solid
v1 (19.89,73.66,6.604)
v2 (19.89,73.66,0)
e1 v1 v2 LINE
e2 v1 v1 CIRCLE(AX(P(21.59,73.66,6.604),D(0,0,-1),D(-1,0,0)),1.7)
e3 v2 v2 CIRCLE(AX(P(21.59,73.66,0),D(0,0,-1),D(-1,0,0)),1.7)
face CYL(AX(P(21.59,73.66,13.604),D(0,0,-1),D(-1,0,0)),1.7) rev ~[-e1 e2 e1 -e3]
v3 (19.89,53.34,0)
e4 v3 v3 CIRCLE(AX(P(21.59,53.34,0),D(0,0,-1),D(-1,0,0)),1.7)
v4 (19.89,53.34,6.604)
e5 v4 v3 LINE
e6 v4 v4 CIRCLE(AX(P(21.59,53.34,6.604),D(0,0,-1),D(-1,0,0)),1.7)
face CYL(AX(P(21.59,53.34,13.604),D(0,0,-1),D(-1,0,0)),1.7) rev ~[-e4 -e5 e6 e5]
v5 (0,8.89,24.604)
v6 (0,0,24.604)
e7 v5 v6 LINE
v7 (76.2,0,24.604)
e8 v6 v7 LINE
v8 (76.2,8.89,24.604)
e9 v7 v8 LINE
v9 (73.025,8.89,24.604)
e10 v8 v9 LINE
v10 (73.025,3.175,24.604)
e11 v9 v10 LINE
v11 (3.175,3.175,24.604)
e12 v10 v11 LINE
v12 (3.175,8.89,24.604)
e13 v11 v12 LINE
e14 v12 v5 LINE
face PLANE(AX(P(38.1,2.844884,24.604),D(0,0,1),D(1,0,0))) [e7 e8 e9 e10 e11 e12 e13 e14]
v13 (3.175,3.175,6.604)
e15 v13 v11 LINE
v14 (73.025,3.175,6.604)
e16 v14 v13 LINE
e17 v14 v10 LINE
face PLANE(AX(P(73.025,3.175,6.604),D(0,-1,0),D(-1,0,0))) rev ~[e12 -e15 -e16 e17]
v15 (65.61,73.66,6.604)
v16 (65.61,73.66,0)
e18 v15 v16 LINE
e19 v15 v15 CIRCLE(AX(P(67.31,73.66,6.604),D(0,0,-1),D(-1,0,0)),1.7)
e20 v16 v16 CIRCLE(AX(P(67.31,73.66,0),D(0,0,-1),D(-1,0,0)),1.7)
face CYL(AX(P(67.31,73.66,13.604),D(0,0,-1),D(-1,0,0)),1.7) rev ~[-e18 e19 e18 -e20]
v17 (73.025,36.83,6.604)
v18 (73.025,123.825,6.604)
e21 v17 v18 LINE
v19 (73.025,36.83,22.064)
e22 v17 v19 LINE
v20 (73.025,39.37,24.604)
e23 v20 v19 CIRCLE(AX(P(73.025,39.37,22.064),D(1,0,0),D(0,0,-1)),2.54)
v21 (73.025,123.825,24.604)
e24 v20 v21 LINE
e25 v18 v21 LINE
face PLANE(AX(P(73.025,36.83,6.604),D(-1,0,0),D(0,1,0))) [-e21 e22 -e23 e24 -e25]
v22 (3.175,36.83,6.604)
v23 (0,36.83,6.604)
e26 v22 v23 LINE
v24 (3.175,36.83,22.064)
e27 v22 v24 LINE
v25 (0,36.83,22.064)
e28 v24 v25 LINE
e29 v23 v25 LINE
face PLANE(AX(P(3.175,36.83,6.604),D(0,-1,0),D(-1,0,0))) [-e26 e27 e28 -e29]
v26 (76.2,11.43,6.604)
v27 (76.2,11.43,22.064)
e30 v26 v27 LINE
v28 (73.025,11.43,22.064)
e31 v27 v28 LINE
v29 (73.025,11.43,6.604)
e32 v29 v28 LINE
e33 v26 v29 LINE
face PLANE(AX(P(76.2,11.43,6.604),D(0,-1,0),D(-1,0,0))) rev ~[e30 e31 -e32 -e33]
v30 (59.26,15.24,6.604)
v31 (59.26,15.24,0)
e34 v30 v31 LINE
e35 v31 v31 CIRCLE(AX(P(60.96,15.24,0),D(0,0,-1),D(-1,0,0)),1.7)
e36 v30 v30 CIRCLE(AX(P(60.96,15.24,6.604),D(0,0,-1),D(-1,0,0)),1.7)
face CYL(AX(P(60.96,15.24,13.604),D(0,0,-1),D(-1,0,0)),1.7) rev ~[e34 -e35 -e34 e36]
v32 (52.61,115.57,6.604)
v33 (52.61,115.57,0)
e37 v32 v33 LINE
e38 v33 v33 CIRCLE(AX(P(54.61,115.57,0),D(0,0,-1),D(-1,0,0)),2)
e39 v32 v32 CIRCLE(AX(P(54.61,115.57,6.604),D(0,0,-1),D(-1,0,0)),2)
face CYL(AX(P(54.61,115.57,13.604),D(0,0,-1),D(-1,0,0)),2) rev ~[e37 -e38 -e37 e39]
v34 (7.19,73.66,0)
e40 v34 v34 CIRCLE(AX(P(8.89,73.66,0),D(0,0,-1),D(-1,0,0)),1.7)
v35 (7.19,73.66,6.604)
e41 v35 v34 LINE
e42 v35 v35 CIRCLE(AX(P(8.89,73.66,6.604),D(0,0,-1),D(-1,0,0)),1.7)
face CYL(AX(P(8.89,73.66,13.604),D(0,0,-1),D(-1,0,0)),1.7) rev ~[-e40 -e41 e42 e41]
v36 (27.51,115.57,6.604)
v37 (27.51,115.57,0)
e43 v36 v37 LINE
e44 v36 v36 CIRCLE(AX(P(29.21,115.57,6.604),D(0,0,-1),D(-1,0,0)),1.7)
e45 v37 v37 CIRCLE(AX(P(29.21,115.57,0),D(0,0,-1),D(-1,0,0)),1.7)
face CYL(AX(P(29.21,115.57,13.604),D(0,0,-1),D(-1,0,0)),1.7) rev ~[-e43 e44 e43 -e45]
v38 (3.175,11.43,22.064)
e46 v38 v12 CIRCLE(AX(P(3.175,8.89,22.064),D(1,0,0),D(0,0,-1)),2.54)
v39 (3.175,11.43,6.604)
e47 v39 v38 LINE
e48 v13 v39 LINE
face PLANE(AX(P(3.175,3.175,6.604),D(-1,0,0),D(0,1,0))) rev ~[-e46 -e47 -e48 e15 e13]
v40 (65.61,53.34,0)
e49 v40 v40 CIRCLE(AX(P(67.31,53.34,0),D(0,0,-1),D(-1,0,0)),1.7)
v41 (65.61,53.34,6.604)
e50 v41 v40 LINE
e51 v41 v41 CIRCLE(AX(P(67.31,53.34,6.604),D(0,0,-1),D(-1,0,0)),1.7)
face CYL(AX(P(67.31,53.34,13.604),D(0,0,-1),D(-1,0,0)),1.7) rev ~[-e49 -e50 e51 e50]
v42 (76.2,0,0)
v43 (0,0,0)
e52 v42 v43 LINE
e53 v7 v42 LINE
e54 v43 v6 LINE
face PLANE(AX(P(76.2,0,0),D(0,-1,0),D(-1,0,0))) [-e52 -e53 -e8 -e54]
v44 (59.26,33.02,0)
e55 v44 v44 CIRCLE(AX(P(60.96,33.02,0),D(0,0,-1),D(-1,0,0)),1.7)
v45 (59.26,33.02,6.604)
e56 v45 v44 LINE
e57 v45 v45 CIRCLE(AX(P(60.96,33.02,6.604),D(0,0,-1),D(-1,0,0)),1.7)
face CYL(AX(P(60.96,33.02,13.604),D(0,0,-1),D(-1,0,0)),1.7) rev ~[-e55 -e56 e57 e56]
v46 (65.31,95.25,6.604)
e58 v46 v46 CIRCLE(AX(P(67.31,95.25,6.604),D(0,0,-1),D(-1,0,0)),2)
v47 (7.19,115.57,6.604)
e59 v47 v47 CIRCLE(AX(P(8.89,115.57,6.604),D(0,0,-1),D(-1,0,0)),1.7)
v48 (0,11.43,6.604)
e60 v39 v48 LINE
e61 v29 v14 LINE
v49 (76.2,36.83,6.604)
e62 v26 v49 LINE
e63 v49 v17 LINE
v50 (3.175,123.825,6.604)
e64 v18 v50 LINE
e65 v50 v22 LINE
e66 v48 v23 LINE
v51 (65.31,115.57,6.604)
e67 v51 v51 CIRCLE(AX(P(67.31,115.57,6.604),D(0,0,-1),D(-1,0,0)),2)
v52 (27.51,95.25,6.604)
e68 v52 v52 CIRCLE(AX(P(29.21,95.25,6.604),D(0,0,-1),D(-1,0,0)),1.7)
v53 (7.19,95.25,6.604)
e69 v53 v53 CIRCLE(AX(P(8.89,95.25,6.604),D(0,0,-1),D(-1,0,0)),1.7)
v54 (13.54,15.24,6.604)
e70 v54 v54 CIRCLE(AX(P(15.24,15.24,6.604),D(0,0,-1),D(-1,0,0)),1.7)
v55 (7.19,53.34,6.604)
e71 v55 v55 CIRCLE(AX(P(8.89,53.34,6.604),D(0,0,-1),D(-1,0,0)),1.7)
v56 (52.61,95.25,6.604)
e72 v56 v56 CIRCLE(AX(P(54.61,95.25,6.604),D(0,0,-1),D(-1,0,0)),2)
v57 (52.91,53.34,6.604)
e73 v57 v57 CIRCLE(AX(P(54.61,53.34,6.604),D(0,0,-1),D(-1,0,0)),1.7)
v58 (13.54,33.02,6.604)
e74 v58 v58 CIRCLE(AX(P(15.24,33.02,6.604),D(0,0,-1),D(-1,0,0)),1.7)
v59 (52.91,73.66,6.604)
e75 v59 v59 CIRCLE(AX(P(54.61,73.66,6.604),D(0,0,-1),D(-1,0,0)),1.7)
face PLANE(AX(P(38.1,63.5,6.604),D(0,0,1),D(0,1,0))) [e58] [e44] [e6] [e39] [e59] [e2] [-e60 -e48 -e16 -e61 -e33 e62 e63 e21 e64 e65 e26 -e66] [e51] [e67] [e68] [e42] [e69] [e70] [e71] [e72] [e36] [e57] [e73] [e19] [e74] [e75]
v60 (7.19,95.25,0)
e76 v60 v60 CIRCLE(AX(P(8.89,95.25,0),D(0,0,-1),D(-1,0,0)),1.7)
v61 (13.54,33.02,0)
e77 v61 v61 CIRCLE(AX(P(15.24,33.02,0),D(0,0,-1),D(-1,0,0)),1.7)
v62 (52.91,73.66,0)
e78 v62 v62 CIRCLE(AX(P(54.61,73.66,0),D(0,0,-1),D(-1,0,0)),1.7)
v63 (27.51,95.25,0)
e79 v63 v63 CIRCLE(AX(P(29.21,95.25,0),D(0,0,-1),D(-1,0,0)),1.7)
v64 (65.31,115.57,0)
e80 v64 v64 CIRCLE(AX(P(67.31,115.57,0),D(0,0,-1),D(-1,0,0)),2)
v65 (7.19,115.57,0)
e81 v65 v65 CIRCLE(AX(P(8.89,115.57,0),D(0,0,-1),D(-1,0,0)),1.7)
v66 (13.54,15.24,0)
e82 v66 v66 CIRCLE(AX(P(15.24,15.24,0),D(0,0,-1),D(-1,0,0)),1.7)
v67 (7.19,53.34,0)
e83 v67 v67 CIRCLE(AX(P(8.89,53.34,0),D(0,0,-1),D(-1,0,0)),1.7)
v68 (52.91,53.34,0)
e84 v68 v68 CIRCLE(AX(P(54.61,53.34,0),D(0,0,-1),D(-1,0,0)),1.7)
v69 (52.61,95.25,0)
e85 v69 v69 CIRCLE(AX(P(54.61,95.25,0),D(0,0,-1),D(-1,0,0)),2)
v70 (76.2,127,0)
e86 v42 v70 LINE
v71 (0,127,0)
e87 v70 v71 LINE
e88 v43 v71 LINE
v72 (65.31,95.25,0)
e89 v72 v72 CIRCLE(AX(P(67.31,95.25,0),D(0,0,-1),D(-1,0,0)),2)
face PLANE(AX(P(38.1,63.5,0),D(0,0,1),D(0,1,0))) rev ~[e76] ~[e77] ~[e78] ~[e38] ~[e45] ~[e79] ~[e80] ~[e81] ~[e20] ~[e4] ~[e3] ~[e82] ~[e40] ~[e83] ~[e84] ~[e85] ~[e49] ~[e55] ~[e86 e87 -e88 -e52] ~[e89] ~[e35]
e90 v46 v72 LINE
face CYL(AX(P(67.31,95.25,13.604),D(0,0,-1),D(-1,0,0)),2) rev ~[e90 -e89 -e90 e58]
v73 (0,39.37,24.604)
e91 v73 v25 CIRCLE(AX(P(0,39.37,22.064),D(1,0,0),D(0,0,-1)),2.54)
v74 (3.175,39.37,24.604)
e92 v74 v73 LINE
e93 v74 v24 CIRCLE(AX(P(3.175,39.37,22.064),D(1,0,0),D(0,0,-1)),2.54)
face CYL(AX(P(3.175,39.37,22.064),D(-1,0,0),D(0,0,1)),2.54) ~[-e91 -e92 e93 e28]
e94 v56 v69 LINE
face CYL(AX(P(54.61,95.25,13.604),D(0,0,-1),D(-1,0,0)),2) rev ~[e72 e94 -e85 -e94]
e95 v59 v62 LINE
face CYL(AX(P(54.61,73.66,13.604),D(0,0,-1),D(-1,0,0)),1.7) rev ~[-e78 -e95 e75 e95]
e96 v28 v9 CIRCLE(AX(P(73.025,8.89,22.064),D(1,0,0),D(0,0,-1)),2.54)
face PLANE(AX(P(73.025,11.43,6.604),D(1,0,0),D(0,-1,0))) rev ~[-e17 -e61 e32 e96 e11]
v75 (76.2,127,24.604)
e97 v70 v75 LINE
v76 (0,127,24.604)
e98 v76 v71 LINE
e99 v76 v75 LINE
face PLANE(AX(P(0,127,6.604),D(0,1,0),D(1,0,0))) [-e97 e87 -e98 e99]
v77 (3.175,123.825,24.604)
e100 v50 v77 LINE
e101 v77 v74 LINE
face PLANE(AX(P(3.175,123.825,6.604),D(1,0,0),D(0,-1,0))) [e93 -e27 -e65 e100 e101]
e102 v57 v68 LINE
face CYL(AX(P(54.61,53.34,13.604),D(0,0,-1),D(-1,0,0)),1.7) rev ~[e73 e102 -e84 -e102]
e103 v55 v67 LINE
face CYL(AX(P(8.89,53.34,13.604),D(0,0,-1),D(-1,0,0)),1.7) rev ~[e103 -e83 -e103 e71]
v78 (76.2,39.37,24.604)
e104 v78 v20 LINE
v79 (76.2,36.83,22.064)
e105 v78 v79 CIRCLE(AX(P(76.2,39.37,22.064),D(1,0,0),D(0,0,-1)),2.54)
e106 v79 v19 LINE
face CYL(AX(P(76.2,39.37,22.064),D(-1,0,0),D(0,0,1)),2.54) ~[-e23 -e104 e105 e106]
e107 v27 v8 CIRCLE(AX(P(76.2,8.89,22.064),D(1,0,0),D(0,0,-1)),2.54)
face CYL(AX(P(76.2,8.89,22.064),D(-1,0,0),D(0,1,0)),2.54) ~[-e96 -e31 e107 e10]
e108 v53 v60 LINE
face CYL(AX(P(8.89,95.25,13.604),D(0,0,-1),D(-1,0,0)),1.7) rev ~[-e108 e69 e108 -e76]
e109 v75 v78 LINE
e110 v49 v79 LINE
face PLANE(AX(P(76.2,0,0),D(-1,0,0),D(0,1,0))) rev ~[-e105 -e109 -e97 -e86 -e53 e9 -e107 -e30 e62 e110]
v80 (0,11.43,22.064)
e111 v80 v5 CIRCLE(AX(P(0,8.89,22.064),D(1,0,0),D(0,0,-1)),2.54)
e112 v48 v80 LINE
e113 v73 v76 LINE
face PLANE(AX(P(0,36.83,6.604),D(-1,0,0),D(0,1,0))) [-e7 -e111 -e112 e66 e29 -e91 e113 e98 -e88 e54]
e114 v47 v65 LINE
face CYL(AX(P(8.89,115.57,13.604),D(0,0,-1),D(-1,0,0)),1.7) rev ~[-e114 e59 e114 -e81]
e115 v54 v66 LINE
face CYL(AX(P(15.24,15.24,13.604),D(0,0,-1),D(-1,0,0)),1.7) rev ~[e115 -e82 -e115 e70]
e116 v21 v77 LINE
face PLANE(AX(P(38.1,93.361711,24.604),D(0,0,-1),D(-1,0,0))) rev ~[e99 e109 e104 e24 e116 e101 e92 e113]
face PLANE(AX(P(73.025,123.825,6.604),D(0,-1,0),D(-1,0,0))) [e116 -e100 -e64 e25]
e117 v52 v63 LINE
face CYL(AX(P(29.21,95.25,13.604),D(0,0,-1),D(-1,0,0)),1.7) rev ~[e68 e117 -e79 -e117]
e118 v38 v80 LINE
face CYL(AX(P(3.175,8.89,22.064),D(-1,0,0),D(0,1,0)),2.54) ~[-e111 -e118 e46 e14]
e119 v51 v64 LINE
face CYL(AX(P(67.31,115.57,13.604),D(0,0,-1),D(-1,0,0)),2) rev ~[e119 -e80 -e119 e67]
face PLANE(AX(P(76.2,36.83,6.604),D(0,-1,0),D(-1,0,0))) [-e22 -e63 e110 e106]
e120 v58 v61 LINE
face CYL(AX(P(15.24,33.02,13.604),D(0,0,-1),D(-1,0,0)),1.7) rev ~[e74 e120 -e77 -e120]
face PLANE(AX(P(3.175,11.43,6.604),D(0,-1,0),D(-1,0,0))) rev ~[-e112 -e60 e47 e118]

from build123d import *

# Parameters (mm, degrees)
SKETCH1_W           = 127
SKETCH1_H           = 76.2
BOSS_EXTRUDE1_DEPTH = 6.604
HOLE2_D             = 3.4
HOLE2_DEPTH         = 7
HOLE3_D             = 4
HOLE3_DEPTH         = 7
BOSS_EXTRUDE2_DEPTH = 18
FILLET1_R           = 2.54


with BuildPart() as part:
    # Sketch1 → Boss-Extrude1 (new body)
    with BuildSketch(Plane(origin=(0, 0, 0), x_dir=(0, 1, 0), z_dir=(0, 0, 1))):
        with Locations((63.5, -38.1)):
            Rectangle(SKETCH1_W, SKETCH1_H)
    extrude(amount=BOSS_EXTRUDE1_DEPTH)

    # Hole2
    with Locations(Plane.XY.offset(6.604)):
        with Locations((54.61, 73.66), (15.24, 15.24), (60.96, 15.24), (60.96, 33.02), (15.24, 33.02), (8.89, 53.34), (21.59, 53.34), (21.59, 73.66), (8.89, 73.66), (8.89, 95.25), (29.21, 95.25), (29.21, 115.57), (8.89, 115.57), (54.61, 53.34), (67.31, 53.34), (67.31, 73.66)):
            Hole(HOLE2_D / 2, depth=HOLE2_DEPTH)

    # Hole3
    with Locations(Plane.XY.offset(6.604)):
        with Locations((67.31, 115.57), (54.61, 115.57), (54.61, 95.25), (67.31, 95.25)):
            Hole(HOLE3_D / 2, depth=HOLE3_DEPTH)

    # Sketch12 → Boss-Extrude2 (add)
    with BuildSketch(Plane.XY.offset(6.604)):
        Polygon((3.175, 123.825), (3.175, 36.83), (0, 36.83), (0, 127), (76.2, 127), (76.2, 36.83), (73.025, 36.83), (73.025, 123.825), align=None)
        Polygon((0, 0), (76.2, 0), (76.2, 11.43), (73.025, 11.43), (73.025, 3.175), (3.175, 3.175), (3.175, 11.43), (0, 11.43), align=None)
    extrude(amount=BOSS_EXTRUDE2_DEPTH)

    # Fillet1
    fillet1_edges = [part.edges().sort_by_distance(p)[0] for p in [
        (1.5875, 36.83, 24.604),
        (74.6125, 36.83, 24.604),
        (74.6125, 11.43, 24.604),
        (1.5875, 11.43, 24.604),
    ]]
    fillet(fillet1_edges, radius=FILLET1_R)


solid = part.part
